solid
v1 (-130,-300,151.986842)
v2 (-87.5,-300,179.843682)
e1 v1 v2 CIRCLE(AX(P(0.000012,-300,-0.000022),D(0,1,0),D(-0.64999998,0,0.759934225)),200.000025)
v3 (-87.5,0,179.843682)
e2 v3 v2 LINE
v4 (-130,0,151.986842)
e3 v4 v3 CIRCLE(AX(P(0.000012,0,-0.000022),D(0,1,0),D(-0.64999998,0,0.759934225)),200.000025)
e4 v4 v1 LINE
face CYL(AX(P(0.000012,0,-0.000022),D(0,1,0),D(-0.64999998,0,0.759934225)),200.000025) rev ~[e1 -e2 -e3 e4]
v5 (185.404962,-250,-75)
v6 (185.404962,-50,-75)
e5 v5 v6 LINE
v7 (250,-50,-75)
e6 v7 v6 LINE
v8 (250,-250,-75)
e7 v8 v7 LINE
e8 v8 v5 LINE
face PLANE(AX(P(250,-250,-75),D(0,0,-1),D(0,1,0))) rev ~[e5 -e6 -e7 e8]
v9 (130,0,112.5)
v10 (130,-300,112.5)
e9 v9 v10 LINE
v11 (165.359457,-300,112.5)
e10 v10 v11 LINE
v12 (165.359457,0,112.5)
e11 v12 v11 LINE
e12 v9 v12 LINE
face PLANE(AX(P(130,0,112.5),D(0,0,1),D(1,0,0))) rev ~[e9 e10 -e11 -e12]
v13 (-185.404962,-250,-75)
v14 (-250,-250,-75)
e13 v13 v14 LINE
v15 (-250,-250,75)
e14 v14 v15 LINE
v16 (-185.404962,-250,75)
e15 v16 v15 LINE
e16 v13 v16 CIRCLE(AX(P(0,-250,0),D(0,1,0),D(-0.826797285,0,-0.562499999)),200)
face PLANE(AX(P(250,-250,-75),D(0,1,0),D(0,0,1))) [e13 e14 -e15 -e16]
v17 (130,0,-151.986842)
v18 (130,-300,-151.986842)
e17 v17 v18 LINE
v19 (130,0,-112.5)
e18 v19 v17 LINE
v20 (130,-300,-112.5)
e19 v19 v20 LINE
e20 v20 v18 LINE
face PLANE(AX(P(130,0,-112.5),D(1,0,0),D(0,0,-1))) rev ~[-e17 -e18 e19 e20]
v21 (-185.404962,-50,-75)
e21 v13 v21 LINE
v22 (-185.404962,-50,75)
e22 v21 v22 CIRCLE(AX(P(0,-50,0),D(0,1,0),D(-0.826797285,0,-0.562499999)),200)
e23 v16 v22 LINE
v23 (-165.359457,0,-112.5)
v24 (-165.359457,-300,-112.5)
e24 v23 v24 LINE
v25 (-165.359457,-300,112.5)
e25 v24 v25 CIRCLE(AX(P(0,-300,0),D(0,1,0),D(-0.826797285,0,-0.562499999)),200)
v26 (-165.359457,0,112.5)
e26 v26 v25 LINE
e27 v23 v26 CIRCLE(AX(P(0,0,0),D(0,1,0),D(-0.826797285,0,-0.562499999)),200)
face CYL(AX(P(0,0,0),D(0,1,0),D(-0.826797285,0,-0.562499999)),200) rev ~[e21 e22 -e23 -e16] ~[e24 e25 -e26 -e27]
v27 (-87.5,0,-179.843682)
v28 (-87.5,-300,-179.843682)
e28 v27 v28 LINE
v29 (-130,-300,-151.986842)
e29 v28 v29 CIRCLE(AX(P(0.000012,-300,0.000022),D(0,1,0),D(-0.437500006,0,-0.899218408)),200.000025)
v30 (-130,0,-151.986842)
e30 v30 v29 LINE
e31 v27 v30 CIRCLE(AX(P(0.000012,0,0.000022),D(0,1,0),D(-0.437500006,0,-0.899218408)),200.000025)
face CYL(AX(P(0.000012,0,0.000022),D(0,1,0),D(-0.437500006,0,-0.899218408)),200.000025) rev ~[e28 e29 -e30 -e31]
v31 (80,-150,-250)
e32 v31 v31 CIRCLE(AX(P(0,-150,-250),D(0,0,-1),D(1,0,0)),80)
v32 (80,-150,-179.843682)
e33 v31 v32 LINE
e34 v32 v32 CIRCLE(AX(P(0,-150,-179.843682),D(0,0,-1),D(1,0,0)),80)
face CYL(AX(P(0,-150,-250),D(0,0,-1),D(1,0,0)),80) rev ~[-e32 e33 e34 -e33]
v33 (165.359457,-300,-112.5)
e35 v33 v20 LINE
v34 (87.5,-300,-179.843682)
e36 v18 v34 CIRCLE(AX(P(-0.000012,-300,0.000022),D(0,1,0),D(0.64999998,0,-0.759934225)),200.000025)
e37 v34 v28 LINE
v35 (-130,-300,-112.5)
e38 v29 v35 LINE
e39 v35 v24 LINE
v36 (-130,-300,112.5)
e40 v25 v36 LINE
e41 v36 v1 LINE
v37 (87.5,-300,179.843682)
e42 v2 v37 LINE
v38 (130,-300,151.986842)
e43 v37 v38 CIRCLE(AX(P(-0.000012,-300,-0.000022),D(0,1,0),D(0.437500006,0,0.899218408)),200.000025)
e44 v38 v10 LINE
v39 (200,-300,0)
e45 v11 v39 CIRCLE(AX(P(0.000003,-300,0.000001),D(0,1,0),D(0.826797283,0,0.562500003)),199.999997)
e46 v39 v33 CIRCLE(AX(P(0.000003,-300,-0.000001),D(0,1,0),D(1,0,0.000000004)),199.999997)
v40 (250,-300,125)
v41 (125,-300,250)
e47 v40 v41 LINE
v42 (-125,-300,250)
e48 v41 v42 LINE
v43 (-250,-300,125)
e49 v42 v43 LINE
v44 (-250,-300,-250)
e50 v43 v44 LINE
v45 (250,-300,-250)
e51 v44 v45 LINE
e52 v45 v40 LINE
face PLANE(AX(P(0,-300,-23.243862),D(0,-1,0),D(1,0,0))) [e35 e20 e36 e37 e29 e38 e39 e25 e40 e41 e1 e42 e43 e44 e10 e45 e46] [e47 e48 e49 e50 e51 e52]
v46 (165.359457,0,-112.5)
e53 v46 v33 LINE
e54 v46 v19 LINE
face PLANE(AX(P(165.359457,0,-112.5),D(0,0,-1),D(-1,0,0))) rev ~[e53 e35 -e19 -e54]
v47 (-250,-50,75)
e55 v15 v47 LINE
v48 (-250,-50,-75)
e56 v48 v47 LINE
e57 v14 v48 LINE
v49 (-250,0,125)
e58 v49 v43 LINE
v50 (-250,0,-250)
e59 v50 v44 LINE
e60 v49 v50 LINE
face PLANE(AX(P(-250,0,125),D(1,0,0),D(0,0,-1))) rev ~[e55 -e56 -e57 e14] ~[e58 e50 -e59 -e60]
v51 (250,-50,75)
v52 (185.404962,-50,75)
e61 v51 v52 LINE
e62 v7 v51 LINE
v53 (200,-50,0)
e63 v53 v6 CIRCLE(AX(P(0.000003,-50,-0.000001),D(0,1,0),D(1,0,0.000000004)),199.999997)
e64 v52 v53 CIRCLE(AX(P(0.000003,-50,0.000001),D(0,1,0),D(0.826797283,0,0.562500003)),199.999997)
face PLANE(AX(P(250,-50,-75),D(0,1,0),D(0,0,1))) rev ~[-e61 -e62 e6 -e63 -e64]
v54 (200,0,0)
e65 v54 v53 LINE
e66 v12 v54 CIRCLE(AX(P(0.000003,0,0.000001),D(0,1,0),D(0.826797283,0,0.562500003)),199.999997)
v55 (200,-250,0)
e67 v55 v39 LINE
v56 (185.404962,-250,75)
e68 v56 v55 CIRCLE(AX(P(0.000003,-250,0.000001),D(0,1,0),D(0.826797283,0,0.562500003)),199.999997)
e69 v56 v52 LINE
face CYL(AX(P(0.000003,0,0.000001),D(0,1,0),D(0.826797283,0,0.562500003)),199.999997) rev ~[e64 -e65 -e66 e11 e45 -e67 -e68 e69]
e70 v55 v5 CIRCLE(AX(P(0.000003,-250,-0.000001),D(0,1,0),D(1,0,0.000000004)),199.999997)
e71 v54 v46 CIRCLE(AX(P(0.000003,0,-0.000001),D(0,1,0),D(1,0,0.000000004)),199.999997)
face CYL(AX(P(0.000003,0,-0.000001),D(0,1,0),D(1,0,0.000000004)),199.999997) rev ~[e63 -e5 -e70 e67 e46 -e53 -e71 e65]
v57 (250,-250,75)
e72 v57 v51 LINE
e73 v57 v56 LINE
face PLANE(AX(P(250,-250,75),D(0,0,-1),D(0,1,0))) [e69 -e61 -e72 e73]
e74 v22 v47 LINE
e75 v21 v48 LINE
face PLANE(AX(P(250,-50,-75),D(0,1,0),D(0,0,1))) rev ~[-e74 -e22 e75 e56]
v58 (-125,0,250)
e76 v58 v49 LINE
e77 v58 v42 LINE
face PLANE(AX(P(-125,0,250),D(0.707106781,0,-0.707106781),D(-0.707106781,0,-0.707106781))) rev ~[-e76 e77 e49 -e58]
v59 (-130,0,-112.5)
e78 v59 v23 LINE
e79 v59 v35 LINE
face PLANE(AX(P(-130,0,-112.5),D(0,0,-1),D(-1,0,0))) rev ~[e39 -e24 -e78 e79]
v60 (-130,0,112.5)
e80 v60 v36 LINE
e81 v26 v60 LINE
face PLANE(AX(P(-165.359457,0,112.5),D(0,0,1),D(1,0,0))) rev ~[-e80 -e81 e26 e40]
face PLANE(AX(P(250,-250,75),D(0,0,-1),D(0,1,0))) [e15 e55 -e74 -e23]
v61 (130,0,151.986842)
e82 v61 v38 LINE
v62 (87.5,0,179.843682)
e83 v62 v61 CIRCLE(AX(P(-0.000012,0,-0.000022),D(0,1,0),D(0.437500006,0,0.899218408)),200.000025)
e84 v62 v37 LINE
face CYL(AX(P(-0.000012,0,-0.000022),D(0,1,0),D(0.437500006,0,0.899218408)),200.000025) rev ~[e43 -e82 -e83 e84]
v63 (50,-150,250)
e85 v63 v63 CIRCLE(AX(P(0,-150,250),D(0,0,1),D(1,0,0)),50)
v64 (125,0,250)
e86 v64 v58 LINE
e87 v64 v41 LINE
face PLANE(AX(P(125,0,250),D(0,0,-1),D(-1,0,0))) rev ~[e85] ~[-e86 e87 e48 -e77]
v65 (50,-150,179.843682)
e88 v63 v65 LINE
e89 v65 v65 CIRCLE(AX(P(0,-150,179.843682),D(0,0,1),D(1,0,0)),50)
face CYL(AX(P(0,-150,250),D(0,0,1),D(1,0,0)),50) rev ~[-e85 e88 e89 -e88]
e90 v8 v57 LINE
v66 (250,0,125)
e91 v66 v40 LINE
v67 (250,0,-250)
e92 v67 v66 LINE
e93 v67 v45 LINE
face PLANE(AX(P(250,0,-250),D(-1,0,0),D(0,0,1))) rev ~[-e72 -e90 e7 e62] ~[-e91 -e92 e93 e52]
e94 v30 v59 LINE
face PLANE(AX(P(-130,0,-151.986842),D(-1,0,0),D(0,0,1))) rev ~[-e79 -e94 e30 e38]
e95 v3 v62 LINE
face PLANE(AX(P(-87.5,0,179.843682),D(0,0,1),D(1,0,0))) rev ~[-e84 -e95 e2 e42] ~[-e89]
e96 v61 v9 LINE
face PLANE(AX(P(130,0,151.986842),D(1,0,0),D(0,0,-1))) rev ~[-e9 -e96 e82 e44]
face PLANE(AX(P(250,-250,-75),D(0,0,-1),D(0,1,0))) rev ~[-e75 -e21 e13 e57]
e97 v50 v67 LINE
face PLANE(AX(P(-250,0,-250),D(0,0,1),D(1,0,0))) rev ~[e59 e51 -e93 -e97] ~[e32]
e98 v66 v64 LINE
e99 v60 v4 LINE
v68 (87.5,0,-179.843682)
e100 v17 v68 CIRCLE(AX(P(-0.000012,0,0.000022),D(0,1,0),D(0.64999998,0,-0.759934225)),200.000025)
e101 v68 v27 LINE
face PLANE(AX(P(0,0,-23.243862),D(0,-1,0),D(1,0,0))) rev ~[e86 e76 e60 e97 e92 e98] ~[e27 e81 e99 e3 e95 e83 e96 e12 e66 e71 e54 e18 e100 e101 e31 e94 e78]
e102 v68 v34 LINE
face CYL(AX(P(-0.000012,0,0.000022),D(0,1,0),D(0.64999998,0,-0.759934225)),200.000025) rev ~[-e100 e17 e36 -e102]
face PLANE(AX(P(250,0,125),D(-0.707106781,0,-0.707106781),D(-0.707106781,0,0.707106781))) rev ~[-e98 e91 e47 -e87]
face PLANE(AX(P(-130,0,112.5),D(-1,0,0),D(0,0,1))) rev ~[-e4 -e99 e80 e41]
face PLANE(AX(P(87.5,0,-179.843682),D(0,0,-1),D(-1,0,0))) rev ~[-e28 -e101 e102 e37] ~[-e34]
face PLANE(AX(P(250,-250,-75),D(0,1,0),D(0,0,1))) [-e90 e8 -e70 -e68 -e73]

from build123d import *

# Parameters (mm, degrees)
F1_DEPTH = 300
F2_R     = 50
F3_DEPTH = 70.156318
F4_R     = 80
F5_DEPTH = 70.156318
F6_W     = 200
F6_H     = 150
F7_DEPTH = 500.001


with BuildPart() as f1:
    # F0 (on Front) → F1 (new body)
    with BuildSketch(Plane.XZ):
        Polygon((-250, -250), (250, -250), (250, 125), (125, 250), (-125, 250), (-250, 125), align=None)
        with BuildLine():
            ThreePointArc((165.359457, 112.5), (191.143783, 58.856217), (200, 0))
            ThreePointArc((200, 0), (191.143783, -58.856217), (165.359457, -112.5))
            ThreePointArc((165.359457, -112.5), (148.99364, -133.419995), (130, -151.986842))
            ThreePointArc((130, -151.986842), (109.63833, -167.270549), (87.5, -179.843682))
            ThreePointArc((87.5, -179.843682), (0, -200), (-87.5, -179.843682))
            ThreePointArc((-87.5, -179.843682), (-109.63833, -167.270549), (-130, -151.986842))
            ThreePointArc((-130, -151.986842), (-148.99364, -133.419995), (-165.359457, -112.5))
            ThreePointArc((-165.359457, -112.5), (-200, 0), (-165.359457, 112.5))
            ThreePointArc((-165.359457, 112.5), (-148.99364, 133.419995), (-130, 151.986842))
            ThreePointArc((-130, 151.986842), (-109.63833, 167.270549), (-87.5, 179.843682))
            ThreePointArc((-87.5, 179.843682), (0, 200), (87.5, 179.843682))
            ThreePointArc((87.5, 179.843682), (109.63833, 167.270549), (130, 151.986842))
            ThreePointArc((130, 151.986842), (148.99364, 133.419995), (165.359457, 112.5))
        make_face(mode=Mode.SUBTRACT)
        with BuildLine():
            Line((-130, 112.5), (-130, 151.986842))
            ThreePointArc((-130, 151.986842), (-148.99364, 133.419995), (-165.359457, 112.5))
            Line((-165.359457, 112.5), (-130, 112.5))
        make_face()
        with BuildLine():
            Line((-87.5, 179.843682), (87.5, 179.843682))
            ThreePointArc((87.5, 179.843682), (0, 200), (-87.5, 179.843682))
        make_face()
        with BuildLine():
            Line((130, 112.5), (165.359457, 112.5))
            ThreePointArc((165.359457, 112.5), (148.99364, 133.419995), (130, 151.986842))
            Line((130, 151.986842), (130, 112.5))
        make_face()
        with BuildLine():
            ThreePointArc((130, -151.986842), (148.99364, -133.419995), (165.359457, -112.5))
            Line((165.359457, -112.5), (130, -112.5))
            Line((130, -112.5), (130, -151.986842))
        make_face()
        with BuildLine():
            ThreePointArc((-87.5, -179.843682), (0, -200), (87.5, -179.843682))
            Line((87.5, -179.843682), (-87.5, -179.843682))
        make_face()
        with BuildLine():
            ThreePointArc((-165.359457, -112.5), (-148.99364, -133.419995), (-130, -151.986842))
            Line((-130, -151.986842), (-130, -112.5))
            Line((-130, -112.5), (-165.359457, -112.5))
        make_face()
    extrude(amount=F1_DEPTH)

    # F2 (on face) → F3 (cut, through all)
    with BuildSketch(Plane.XY.offset(250)):
        with Locations((0, -150)):
            Circle(F2_R)
    extrude(amount=-F3_DEPTH, mode=Mode.SUBTRACT)

    # F4 (on face) → F5 (cut, through all)
    with BuildSketch(Plane(origin=(0, 0, -250), x_dir=(1, 0, 0), z_dir=(0, 0, -1))):
        with Locations((0, 150)):
            Circle(F4_R)
    extrude(amount=-F5_DEPTH, mode=Mode.SUBTRACT)

    # F6 (on face) → F7 (cut, through all)
    with BuildSketch(Plane.YZ.offset(250)):
        with Locations((-150, 0)):
            Rectangle(F6_W, F6_H)
    extrude(amount=-F7_DEPTH, mode=Mode.SUBTRACT)


solid = f1.part
